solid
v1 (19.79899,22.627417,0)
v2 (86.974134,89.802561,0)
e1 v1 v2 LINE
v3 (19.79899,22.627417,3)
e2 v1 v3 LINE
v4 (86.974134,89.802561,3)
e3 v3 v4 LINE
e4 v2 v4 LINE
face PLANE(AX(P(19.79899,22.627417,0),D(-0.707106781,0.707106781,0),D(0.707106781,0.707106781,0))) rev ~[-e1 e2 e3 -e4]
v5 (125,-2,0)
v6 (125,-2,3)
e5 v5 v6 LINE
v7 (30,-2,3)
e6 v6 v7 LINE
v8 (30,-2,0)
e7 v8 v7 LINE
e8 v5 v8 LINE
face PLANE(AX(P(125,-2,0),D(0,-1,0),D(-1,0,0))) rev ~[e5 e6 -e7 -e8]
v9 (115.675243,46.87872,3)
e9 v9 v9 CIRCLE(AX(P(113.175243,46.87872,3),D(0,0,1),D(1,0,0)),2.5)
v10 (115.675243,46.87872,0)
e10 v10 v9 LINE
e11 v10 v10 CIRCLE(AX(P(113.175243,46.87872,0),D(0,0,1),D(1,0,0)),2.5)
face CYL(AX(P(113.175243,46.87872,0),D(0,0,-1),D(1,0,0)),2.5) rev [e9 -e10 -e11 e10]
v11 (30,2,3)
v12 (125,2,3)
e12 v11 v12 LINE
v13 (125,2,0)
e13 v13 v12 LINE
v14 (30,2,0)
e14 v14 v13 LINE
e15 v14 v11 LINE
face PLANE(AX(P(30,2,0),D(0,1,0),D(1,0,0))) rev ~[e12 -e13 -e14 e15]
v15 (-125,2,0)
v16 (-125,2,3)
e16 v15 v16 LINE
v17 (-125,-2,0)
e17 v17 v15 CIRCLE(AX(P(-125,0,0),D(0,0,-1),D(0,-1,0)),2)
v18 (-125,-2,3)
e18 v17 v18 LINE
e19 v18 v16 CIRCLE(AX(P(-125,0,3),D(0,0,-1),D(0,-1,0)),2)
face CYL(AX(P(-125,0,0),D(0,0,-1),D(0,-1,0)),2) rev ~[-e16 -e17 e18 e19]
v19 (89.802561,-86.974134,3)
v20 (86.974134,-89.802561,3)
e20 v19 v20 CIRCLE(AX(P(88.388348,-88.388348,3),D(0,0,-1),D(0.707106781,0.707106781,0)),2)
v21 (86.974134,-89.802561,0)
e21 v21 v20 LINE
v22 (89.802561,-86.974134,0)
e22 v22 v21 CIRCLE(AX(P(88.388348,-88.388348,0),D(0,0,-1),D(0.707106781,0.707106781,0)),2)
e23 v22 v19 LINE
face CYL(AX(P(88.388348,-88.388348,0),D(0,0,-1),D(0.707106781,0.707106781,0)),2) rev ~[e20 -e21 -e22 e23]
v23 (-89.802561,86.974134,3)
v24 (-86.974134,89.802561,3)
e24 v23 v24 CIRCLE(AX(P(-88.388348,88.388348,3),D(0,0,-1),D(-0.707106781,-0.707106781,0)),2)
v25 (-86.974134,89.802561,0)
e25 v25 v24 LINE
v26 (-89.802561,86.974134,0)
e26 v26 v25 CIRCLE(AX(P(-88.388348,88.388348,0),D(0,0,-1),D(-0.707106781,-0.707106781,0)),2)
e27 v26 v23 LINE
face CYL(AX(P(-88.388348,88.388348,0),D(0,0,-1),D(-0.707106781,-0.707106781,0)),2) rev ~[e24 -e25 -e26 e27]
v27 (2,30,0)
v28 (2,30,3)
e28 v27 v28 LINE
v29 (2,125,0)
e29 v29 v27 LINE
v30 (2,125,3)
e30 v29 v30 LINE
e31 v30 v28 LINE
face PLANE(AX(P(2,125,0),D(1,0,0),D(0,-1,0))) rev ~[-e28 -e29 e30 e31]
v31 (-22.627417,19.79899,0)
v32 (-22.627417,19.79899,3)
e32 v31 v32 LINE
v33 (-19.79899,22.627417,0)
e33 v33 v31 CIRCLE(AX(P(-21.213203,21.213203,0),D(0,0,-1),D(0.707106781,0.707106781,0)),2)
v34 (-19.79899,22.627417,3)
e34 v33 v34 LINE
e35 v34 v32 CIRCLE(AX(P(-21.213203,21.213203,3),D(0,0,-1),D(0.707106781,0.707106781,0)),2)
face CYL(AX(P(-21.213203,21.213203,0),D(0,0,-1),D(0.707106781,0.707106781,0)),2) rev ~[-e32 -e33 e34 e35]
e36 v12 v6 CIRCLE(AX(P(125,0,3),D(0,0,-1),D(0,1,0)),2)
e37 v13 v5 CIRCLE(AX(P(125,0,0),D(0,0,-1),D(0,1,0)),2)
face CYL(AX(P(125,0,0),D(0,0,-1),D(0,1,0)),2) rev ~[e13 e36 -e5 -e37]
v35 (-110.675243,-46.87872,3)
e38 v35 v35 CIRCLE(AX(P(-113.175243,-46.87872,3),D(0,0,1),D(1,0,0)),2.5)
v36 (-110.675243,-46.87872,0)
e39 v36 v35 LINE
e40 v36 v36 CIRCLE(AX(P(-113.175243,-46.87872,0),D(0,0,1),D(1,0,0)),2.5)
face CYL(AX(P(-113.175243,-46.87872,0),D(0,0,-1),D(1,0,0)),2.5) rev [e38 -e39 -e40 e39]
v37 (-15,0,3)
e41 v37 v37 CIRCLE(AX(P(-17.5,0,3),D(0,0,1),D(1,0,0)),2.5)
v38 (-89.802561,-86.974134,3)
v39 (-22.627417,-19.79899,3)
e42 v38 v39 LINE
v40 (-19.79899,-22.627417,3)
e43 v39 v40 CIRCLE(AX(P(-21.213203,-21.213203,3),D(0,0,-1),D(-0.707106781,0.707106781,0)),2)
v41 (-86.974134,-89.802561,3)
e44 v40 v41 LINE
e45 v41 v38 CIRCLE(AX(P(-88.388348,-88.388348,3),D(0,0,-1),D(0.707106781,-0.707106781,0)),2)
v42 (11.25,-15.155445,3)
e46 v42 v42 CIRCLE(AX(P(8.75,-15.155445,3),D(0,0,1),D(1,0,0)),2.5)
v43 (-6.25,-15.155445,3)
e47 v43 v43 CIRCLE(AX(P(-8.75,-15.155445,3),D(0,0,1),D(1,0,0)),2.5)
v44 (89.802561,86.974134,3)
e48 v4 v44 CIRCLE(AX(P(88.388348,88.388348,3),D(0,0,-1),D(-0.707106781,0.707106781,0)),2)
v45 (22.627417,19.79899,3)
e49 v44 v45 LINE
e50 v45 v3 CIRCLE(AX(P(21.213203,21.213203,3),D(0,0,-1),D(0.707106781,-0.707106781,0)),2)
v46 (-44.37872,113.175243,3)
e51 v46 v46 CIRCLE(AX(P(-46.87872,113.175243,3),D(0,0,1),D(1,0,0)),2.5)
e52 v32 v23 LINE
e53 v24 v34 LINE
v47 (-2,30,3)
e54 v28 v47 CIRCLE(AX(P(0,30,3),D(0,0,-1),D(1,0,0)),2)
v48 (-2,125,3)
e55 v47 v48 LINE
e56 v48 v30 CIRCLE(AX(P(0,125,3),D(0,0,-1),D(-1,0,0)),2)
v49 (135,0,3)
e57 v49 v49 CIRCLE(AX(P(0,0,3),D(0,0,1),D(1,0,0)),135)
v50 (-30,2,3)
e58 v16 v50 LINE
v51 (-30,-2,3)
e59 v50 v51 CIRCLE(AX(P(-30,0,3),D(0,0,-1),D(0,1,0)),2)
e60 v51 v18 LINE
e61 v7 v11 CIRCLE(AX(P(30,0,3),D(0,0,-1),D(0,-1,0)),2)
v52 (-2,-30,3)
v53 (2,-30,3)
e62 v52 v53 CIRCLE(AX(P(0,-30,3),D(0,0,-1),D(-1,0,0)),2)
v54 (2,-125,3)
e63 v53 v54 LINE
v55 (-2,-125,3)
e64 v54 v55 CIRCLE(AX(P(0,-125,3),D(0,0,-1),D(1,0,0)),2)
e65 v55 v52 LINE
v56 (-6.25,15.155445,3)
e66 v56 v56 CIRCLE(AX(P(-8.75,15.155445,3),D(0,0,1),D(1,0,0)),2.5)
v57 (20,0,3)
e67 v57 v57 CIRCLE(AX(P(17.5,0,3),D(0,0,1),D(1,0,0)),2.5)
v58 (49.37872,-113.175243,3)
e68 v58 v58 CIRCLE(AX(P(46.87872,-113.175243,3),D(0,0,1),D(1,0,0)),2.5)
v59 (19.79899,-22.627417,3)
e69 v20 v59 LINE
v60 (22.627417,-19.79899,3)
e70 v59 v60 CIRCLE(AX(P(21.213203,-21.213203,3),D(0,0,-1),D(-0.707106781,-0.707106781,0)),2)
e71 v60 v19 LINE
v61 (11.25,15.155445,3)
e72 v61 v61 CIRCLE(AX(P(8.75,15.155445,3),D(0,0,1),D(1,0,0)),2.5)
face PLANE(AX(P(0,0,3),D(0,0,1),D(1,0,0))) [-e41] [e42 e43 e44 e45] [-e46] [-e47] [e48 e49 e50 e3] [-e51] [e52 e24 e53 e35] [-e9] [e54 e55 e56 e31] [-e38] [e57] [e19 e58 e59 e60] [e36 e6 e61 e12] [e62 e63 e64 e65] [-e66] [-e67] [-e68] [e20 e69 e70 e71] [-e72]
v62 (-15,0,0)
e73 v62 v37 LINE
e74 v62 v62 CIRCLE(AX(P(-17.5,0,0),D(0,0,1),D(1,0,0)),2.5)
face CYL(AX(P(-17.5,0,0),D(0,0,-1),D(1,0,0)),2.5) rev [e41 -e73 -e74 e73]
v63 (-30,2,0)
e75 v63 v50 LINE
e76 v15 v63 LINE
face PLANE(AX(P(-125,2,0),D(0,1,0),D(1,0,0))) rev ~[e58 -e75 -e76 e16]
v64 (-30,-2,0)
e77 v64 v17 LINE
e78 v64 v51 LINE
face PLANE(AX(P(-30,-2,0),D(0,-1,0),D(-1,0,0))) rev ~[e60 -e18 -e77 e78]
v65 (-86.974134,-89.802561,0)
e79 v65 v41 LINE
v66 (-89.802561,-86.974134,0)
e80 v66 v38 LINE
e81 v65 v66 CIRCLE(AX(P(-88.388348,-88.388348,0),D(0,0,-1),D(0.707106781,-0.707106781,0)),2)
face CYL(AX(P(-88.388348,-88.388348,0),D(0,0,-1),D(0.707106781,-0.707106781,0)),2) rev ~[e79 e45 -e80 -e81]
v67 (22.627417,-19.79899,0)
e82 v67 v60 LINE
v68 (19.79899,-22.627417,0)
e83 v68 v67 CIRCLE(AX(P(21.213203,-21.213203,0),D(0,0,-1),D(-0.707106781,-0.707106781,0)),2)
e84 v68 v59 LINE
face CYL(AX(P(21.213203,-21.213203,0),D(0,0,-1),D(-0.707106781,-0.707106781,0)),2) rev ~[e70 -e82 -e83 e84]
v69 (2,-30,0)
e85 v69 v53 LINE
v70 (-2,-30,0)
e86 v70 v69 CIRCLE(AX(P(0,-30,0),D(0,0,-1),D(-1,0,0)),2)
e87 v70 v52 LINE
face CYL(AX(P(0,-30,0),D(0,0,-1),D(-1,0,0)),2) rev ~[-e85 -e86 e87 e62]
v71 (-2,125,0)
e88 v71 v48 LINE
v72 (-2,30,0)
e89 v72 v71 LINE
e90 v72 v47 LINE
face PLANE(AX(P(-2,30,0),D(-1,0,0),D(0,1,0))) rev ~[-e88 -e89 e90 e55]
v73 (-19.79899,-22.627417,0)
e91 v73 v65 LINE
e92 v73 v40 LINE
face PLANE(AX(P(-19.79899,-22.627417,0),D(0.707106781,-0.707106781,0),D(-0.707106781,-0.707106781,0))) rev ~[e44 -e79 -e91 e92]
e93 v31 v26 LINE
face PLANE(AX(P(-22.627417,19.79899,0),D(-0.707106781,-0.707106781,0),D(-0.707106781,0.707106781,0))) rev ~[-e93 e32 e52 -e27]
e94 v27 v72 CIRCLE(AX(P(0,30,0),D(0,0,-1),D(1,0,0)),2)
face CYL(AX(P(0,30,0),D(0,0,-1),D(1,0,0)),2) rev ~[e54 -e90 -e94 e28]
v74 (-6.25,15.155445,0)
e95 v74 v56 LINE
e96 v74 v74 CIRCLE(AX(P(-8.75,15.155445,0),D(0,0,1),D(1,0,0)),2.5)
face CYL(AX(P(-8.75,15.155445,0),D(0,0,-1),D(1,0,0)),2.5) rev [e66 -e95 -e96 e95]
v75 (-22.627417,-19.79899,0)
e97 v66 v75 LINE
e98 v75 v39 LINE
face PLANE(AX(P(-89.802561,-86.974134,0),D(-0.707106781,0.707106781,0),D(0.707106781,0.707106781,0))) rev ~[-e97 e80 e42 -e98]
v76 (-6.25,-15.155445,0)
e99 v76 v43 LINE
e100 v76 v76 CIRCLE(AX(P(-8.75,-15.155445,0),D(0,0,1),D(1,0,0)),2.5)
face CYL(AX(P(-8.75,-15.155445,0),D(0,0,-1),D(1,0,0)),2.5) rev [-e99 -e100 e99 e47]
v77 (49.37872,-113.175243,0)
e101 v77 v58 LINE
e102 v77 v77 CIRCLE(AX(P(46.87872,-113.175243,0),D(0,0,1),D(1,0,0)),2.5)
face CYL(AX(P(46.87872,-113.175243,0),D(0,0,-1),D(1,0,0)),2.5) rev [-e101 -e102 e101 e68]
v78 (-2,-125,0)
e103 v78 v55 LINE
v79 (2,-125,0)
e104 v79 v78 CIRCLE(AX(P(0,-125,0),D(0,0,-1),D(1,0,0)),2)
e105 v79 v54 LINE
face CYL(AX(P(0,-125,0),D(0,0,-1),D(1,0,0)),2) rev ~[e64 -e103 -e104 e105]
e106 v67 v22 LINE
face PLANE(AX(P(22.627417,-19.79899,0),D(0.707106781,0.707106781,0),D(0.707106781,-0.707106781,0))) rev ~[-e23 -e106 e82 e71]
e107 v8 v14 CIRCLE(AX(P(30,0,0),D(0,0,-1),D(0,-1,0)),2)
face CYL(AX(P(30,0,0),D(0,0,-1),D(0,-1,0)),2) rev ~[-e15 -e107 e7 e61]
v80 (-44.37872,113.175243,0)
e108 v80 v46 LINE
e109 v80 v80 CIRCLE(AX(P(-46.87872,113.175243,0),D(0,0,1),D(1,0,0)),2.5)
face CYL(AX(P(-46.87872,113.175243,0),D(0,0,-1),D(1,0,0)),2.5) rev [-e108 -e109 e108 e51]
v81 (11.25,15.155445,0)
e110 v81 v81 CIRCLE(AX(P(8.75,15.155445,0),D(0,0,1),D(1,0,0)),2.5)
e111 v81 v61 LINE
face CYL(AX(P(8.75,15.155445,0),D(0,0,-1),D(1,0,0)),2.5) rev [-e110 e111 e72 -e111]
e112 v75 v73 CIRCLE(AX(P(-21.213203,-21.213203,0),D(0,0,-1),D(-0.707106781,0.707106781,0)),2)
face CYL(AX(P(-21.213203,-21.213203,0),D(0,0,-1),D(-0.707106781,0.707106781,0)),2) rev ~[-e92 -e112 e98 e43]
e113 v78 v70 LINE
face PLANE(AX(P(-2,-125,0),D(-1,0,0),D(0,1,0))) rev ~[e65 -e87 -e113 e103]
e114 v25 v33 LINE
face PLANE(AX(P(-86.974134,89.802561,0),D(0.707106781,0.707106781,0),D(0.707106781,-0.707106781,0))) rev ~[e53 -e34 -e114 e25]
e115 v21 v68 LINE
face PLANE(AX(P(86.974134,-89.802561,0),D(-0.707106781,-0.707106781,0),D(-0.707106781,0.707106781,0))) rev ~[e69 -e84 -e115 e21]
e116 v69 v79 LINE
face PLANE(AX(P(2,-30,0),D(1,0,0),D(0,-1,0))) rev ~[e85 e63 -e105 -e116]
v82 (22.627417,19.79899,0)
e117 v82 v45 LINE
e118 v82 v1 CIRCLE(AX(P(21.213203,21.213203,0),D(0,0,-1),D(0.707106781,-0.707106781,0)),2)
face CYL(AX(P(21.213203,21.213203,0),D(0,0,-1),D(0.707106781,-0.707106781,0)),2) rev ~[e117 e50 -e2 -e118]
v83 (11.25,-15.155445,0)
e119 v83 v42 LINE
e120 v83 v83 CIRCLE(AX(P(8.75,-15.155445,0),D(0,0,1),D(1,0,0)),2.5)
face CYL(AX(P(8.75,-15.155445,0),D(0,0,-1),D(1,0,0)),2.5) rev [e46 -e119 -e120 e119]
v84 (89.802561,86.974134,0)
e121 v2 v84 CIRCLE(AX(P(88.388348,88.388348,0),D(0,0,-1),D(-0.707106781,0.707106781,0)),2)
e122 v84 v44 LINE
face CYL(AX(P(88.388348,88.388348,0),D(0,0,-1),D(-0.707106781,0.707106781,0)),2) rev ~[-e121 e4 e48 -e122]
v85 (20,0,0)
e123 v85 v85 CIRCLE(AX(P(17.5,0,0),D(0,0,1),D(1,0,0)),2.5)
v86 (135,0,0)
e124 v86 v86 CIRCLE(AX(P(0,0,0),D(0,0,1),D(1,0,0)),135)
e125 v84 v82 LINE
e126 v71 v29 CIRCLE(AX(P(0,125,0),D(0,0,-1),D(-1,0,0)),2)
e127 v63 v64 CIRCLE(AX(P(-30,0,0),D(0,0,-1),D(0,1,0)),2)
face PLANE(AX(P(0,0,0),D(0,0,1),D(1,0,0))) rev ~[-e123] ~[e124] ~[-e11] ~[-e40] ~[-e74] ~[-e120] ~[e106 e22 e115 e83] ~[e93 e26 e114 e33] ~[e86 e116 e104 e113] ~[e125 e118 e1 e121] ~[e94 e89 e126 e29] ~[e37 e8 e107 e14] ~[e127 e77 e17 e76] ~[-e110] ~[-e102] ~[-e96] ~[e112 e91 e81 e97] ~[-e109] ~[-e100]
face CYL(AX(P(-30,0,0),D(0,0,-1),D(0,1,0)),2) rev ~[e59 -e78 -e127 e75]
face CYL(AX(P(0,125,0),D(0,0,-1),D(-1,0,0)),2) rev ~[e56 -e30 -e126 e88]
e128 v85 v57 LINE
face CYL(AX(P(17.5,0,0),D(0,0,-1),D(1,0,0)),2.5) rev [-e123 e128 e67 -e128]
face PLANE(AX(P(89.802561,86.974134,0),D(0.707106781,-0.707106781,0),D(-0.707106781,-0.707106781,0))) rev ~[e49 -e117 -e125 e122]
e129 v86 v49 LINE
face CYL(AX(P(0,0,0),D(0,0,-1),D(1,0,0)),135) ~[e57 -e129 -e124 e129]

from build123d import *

# Parameters (mm, degrees)
SKETCH1_R           = 135
SKETCH1_R_2         = 2.5
BOSS_EXTRUDE1_DEPTH = 3


with BuildPart() as part:
    # Sketch1 → Boss-Extrude1 (new body)
    with BuildSketch(Plane.XY):
        Circle(SKETCH1_R)
        with Locations((-17.5, 0)):
            Circle(SKETCH1_R_2, mode=Mode.SUBTRACT)
        with Locations((-46.878720465, 113.175242733)):
            Circle(SKETCH1_R_2, mode=Mode.SUBTRACT)
        with Locations((113.175242733, 46.878720465)):
            Circle(SKETCH1_R_2, mode=Mode.SUBTRACT)
        with Locations((46.878720465, -113.175242733)):
            Circle(SKETCH1_R_2, mode=Mode.SUBTRACT)
        with Locations((-8.75, 15.155444566)):
            Circle(SKETCH1_R_2, mode=Mode.SUBTRACT)
        with Locations((8.75, 15.155444566)):
            Circle(SKETCH1_R_2, mode=Mode.SUBTRACT)
        with Locations((17.5, 0)):
            Circle(SKETCH1_R_2, mode=Mode.SUBTRACT)
        with Locations((8.75, -15.155444566)):
            Circle(SKETCH1_R_2, mode=Mode.SUBTRACT)
        with Locations((-8.75, -15.155444566)):
            Circle(SKETCH1_R_2, mode=Mode.SUBTRACT)
        with Locations((-113.175242733, -46.878720465)):
            Circle(SKETCH1_R_2, mode=Mode.SUBTRACT)
        with BuildLine():
            Line((30, 2), (125, 2))
            ThreePointArc((125, 2), (127, 0), (125, -2))
            Line((125, -2), (30, -2))
            ThreePointArc((30, -2), (28, 0), (30, 2))
        make_face(mode=Mode.SUBTRACT)
        with BuildLine():
            Line((22.627416998, -19.798989873), (89.802561211, -86.974134086))
            ThreePointArc((89.802561211, -86.974134086), (89.802561211, -89.802561211), (86.974134086, -89.802561211))
            Line((86.974134086, -89.802561211), (19.798989873, -22.627416998))
            ThreePointArc((19.798989873, -22.627416998), (19.798989873, -19.798989873), (22.627416998, -19.798989873))
        make_face(mode=Mode.SUBTRACT)
        with BuildLine():
            Line((2, -30), (2, -125))
            ThreePointArc((2, -125), (0, -127), (-2, -125))
            Line((-2, -125), (-2, -30))
            ThreePointArc((-2, -30), (0, -28), (2, -30))
        make_face(mode=Mode.SUBTRACT)
        with BuildLine():
            Line((-19.798989873, -22.627416998), (-86.974134086, -89.802561211))
            ThreePointArc((-86.974134086, -89.802561211), (-89.802561211, -89.802561211), (-89.802561211, -86.974134086))
            Line((-89.802561211, -86.974134086), (-22.627416998, -19.798989873))
            ThreePointArc((-22.627416998, -19.798989873), (-19.798989873, -19.798989873), (-19.798989873, -22.627416998))
        make_face(mode=Mode.SUBTRACT)
        with BuildLine():
            Line((-30, -2), (-125, -2))
            ThreePointArc((-125, -2), (-127, 0), (-125, 2))
            Line((-125, 2), (-30, 2))
            ThreePointArc((-30, 2), (-28, 0), (-30, -2))
        make_face(mode=Mode.SUBTRACT)
        with BuildLine():
            Line((-22.627416998, 19.798989873), (-89.802561211, 86.974134086))
            ThreePointArc((-89.802561211, 86.974134086), (-89.802561211, 89.802561211), (-86.974134086, 89.802561211))
            Line((-86.974134086, 89.802561211), (-19.798989873, 22.627416998))
            ThreePointArc((-19.798989873, 22.627416998), (-19.798989873, 19.798989873), (-22.627416998, 19.798989873))
        make_face(mode=Mode.SUBTRACT)
        with BuildLine():
            Line((-2, 30), (-2, 125))
            ThreePointArc((-2, 125), (0, 127), (2, 125))
            Line((2, 125), (2, 30))
            ThreePointArc((2, 30), (0, 28), (-2, 30))
        make_face(mode=Mode.SUBTRACT)
        with BuildLine():
            Line((19.798989873, 22.627416998), (86.974134086, 89.802561211))
            ThreePointArc((86.974134086, 89.802561211), (89.802561211, 89.802561211), (89.802561211, 86.974134086))
            Line((89.802561211, 86.974134086), (22.627416998, 19.798989873))
            ThreePointArc((22.627416998, 19.798989873), (19.798989873, 19.798989873), (19.798989873, 22.627416998))
        make_face(mode=Mode.SUBTRACT)
    extrude(amount=BOSS_EXTRUDE1_DEPTH)


solid = part.part
